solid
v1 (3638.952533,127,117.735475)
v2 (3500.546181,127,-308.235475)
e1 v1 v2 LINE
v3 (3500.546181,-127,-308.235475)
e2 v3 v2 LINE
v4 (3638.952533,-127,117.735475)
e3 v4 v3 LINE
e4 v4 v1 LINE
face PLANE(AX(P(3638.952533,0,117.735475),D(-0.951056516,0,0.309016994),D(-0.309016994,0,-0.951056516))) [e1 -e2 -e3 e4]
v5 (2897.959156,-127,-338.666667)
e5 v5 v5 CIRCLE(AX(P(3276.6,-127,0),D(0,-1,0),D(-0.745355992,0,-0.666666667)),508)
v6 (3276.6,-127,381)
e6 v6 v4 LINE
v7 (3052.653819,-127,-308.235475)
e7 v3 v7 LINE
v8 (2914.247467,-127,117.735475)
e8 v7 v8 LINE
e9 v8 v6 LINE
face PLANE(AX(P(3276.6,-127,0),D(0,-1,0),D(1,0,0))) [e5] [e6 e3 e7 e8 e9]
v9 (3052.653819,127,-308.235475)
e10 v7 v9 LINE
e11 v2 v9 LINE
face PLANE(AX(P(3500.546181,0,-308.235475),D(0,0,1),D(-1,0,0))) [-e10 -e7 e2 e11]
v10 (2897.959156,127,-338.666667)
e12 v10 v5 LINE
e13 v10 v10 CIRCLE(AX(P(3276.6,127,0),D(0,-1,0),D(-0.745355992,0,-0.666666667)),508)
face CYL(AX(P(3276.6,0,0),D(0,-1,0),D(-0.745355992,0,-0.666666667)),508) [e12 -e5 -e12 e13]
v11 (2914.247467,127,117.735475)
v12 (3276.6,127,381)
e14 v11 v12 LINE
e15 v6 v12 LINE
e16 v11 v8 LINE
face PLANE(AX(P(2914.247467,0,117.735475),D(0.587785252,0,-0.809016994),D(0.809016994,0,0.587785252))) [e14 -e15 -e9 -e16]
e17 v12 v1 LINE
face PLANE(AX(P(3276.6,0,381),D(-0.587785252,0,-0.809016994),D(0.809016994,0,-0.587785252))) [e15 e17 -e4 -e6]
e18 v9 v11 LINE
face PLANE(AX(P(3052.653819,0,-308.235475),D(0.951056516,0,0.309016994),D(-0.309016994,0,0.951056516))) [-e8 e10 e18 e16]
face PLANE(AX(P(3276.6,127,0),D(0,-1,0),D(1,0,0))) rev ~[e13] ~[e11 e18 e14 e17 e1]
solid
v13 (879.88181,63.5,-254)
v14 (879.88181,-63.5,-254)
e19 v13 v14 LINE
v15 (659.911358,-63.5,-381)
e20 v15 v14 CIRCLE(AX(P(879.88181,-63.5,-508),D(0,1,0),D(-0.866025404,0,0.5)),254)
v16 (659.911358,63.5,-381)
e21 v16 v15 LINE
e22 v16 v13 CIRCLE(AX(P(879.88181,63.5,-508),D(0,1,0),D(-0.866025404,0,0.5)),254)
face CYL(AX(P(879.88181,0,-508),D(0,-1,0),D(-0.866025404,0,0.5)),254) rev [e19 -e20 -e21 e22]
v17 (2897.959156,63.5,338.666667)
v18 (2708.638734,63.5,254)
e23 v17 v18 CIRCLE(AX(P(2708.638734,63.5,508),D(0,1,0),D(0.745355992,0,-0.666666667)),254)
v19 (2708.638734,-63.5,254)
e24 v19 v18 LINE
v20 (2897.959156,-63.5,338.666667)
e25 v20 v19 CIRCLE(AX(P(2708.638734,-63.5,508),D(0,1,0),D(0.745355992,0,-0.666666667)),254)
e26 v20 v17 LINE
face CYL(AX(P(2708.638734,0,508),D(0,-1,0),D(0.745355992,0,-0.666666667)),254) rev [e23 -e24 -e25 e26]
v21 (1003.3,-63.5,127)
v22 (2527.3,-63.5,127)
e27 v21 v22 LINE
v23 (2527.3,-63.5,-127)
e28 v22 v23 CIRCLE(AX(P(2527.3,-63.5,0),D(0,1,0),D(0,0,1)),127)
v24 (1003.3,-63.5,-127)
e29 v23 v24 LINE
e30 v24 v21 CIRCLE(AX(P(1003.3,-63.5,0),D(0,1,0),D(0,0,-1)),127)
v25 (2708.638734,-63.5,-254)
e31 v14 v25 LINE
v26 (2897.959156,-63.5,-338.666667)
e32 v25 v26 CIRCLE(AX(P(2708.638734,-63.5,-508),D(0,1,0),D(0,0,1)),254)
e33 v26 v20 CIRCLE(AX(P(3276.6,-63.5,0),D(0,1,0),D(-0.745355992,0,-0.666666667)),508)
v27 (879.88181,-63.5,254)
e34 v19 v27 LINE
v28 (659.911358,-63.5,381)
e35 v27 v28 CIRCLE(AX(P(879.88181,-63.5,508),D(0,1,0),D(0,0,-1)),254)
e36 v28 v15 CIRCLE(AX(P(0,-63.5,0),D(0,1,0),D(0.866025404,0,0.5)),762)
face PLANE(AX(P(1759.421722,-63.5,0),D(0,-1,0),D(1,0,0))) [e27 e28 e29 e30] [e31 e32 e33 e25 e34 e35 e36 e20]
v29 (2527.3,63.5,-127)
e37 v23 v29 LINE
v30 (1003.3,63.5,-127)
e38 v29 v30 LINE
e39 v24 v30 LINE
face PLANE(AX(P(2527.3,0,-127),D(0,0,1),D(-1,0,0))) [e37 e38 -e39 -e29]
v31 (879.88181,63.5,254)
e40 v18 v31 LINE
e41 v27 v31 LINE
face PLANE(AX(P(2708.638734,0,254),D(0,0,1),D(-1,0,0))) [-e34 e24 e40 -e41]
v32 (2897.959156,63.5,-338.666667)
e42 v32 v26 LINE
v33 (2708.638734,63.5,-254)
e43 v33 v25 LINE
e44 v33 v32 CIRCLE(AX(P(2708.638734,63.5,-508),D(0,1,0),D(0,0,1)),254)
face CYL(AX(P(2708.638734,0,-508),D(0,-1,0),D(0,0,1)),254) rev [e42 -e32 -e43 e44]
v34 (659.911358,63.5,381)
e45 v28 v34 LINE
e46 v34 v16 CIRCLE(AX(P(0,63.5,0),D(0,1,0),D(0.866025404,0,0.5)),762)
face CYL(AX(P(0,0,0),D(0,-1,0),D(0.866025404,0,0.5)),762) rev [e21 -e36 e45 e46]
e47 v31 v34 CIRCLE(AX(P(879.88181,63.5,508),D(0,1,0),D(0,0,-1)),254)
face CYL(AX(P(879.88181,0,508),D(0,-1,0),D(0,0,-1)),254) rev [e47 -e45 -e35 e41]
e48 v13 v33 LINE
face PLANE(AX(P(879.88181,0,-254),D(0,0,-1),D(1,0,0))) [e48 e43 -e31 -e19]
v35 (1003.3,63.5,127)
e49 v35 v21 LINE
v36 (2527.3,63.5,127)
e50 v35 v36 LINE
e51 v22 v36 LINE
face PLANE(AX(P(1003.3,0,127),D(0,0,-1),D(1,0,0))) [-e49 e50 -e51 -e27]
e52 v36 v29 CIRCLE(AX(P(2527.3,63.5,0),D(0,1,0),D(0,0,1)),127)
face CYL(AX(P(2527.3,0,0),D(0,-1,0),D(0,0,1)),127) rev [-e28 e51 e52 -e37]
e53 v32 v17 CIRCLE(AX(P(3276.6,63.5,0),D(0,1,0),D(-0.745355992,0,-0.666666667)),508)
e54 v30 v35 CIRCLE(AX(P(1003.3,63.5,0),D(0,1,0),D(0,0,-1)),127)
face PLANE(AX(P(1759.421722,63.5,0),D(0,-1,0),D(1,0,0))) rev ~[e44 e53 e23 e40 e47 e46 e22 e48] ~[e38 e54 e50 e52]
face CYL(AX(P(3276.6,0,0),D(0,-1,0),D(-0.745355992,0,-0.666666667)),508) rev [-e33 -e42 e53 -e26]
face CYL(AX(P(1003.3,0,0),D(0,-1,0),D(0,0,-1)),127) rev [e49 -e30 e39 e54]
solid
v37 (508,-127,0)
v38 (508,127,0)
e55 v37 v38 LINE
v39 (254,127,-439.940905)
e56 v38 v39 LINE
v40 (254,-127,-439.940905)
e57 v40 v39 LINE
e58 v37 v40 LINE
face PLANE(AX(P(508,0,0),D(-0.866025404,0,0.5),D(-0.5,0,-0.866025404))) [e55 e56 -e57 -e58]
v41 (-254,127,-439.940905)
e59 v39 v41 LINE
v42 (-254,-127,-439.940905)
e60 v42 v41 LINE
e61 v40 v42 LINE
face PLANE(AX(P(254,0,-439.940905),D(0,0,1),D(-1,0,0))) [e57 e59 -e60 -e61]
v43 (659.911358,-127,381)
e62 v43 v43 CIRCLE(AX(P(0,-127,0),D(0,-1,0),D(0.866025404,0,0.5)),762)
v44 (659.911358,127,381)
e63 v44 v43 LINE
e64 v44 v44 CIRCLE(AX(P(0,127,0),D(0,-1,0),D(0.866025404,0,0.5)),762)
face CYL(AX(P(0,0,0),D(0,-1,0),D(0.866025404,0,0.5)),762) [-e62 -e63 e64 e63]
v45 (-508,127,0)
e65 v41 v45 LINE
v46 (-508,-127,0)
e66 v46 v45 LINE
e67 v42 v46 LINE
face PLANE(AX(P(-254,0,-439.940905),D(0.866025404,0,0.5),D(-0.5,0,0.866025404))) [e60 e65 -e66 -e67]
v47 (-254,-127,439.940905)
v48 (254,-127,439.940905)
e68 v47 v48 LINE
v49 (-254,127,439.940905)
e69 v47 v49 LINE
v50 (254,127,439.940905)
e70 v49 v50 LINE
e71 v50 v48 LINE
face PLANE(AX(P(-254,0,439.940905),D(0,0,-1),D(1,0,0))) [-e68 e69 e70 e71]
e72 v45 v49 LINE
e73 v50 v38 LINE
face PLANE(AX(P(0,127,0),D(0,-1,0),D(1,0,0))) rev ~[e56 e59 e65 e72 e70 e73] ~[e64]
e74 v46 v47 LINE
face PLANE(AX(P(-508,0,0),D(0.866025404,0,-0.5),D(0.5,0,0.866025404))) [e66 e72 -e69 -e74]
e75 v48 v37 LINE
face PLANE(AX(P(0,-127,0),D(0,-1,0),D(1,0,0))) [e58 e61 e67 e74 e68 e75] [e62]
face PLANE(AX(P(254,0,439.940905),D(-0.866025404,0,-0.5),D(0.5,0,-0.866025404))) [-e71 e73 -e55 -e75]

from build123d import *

# Parameters (mm, degrees)
F1_DEPTH = 127
F2_DEPTH = 63.5


with BuildPart() as f1:
    # F0 (on Front) → F1 (new body, symmetric)
    with BuildSketch(Plane.XZ):
        with BuildLine():
            ThreePointArc((3784.6, 0), (3457.8656216047, 474.5595583531), (2897.95915581, 338.6666666667))
            ThreePointArc((2897.95915581, 338.6666666667), (2768.6, 0), (2897.95915581, -338.6666666667))
            ThreePointArc((2897.95915581, -338.6666666667), (3457.8656216047, -474.5595583531), (3784.6, 0))
        make_face()
        Polygon((2914.2474672915, 117.7354748569), (3276.6, 381), (3638.9525327085, 117.7354748569), (3500.5461811234, -308.2354748569), (3052.6538188766, -308.2354748569), align=None, mode=Mode.SUBTRACT)
    extrude(amount=F1_DEPTH, both=True)


with BuildPart() as f1b:
    # F0 (on Front) → F1, piece 2 (new body, symmetric)
    with BuildSketch(Plane.XZ):
        with BuildLine():
            ThreePointArc((659.9113576837, -381), (736.0354796323, -197.2201123681), (762, 0))
            ThreePointArc((762, 0), (736.0354796323, 197.2201123681), (659.9113576837, 381))
            ThreePointArc((659.9113576837, 381), (-762, 0), (659.9113576837, -381))
        make_face()
        Polygon((254, 439.9409051225), (508, 0), (254, -439.9409051225), (-254, -439.9409051225), (-508, 0), (-254, 439.9409051225), align=None, mode=Mode.SUBTRACT)
    extrude(amount=F1_DEPTH, both=True)


with BuildPart() as f2:
    # F0 (on Front) → F2 (new body, symmetric)
    with BuildSketch(Plane.XZ):
        with BuildLine():
            ThreePointArc((659.9113576837, 381), (736.0354796323, 197.2201123681), (762, 0))
            ThreePointArc((762, 0), (736.0354796323, -197.2201123681), (659.9113576837, -381))
            ThreePointArc((659.9113576837, -381), (752.881810245, -288.0295474388), (879.881810245, -254))
            Line((879.881810245, -254), (1765.3, -254))
            Line((1765.3, -254), (2708.6387337151, -254))
            ThreePointArc((2708.6387337151, -254), (2812.3337994929, -276.1307839895), (2897.95915581, -338.6666666667))
            ThreePointArc((2897.95915581, -338.6666666667), (2768.6, 0), (2897.95915581, 338.6666666667))
            ThreePointArc((2897.95915581, 338.6666666667), (2812.3337994929, 276.1307839895), (2708.6387337151, 254))
            Line((2708.6387337151, 254), (1765.3, 254))
            Line((1765.3, 254), (879.881810245, 254))
            ThreePointArc((879.881810245, 254), (752.881810245, 288.0295474388), (659.9113576837, 381))
        make_face()
        with BuildLine():
            Line((1003.3, 127), (1765.3, 127))
            Line((1765.3, 127), (2527.3, 127))
            ThreePointArc((2527.3, 127), (2654.3, 0), (2527.3, -127))
            Line((2527.3, -127), (1003.3, -127))
            ThreePointArc((1003.3, -127), (876.3, 0), (1003.3, 127))
        make_face(mode=Mode.SUBTRACT)
    extrude(amount=F2_DEPTH, both=True)


solid = Compound([f1.part, f1b.part, f2.part])
